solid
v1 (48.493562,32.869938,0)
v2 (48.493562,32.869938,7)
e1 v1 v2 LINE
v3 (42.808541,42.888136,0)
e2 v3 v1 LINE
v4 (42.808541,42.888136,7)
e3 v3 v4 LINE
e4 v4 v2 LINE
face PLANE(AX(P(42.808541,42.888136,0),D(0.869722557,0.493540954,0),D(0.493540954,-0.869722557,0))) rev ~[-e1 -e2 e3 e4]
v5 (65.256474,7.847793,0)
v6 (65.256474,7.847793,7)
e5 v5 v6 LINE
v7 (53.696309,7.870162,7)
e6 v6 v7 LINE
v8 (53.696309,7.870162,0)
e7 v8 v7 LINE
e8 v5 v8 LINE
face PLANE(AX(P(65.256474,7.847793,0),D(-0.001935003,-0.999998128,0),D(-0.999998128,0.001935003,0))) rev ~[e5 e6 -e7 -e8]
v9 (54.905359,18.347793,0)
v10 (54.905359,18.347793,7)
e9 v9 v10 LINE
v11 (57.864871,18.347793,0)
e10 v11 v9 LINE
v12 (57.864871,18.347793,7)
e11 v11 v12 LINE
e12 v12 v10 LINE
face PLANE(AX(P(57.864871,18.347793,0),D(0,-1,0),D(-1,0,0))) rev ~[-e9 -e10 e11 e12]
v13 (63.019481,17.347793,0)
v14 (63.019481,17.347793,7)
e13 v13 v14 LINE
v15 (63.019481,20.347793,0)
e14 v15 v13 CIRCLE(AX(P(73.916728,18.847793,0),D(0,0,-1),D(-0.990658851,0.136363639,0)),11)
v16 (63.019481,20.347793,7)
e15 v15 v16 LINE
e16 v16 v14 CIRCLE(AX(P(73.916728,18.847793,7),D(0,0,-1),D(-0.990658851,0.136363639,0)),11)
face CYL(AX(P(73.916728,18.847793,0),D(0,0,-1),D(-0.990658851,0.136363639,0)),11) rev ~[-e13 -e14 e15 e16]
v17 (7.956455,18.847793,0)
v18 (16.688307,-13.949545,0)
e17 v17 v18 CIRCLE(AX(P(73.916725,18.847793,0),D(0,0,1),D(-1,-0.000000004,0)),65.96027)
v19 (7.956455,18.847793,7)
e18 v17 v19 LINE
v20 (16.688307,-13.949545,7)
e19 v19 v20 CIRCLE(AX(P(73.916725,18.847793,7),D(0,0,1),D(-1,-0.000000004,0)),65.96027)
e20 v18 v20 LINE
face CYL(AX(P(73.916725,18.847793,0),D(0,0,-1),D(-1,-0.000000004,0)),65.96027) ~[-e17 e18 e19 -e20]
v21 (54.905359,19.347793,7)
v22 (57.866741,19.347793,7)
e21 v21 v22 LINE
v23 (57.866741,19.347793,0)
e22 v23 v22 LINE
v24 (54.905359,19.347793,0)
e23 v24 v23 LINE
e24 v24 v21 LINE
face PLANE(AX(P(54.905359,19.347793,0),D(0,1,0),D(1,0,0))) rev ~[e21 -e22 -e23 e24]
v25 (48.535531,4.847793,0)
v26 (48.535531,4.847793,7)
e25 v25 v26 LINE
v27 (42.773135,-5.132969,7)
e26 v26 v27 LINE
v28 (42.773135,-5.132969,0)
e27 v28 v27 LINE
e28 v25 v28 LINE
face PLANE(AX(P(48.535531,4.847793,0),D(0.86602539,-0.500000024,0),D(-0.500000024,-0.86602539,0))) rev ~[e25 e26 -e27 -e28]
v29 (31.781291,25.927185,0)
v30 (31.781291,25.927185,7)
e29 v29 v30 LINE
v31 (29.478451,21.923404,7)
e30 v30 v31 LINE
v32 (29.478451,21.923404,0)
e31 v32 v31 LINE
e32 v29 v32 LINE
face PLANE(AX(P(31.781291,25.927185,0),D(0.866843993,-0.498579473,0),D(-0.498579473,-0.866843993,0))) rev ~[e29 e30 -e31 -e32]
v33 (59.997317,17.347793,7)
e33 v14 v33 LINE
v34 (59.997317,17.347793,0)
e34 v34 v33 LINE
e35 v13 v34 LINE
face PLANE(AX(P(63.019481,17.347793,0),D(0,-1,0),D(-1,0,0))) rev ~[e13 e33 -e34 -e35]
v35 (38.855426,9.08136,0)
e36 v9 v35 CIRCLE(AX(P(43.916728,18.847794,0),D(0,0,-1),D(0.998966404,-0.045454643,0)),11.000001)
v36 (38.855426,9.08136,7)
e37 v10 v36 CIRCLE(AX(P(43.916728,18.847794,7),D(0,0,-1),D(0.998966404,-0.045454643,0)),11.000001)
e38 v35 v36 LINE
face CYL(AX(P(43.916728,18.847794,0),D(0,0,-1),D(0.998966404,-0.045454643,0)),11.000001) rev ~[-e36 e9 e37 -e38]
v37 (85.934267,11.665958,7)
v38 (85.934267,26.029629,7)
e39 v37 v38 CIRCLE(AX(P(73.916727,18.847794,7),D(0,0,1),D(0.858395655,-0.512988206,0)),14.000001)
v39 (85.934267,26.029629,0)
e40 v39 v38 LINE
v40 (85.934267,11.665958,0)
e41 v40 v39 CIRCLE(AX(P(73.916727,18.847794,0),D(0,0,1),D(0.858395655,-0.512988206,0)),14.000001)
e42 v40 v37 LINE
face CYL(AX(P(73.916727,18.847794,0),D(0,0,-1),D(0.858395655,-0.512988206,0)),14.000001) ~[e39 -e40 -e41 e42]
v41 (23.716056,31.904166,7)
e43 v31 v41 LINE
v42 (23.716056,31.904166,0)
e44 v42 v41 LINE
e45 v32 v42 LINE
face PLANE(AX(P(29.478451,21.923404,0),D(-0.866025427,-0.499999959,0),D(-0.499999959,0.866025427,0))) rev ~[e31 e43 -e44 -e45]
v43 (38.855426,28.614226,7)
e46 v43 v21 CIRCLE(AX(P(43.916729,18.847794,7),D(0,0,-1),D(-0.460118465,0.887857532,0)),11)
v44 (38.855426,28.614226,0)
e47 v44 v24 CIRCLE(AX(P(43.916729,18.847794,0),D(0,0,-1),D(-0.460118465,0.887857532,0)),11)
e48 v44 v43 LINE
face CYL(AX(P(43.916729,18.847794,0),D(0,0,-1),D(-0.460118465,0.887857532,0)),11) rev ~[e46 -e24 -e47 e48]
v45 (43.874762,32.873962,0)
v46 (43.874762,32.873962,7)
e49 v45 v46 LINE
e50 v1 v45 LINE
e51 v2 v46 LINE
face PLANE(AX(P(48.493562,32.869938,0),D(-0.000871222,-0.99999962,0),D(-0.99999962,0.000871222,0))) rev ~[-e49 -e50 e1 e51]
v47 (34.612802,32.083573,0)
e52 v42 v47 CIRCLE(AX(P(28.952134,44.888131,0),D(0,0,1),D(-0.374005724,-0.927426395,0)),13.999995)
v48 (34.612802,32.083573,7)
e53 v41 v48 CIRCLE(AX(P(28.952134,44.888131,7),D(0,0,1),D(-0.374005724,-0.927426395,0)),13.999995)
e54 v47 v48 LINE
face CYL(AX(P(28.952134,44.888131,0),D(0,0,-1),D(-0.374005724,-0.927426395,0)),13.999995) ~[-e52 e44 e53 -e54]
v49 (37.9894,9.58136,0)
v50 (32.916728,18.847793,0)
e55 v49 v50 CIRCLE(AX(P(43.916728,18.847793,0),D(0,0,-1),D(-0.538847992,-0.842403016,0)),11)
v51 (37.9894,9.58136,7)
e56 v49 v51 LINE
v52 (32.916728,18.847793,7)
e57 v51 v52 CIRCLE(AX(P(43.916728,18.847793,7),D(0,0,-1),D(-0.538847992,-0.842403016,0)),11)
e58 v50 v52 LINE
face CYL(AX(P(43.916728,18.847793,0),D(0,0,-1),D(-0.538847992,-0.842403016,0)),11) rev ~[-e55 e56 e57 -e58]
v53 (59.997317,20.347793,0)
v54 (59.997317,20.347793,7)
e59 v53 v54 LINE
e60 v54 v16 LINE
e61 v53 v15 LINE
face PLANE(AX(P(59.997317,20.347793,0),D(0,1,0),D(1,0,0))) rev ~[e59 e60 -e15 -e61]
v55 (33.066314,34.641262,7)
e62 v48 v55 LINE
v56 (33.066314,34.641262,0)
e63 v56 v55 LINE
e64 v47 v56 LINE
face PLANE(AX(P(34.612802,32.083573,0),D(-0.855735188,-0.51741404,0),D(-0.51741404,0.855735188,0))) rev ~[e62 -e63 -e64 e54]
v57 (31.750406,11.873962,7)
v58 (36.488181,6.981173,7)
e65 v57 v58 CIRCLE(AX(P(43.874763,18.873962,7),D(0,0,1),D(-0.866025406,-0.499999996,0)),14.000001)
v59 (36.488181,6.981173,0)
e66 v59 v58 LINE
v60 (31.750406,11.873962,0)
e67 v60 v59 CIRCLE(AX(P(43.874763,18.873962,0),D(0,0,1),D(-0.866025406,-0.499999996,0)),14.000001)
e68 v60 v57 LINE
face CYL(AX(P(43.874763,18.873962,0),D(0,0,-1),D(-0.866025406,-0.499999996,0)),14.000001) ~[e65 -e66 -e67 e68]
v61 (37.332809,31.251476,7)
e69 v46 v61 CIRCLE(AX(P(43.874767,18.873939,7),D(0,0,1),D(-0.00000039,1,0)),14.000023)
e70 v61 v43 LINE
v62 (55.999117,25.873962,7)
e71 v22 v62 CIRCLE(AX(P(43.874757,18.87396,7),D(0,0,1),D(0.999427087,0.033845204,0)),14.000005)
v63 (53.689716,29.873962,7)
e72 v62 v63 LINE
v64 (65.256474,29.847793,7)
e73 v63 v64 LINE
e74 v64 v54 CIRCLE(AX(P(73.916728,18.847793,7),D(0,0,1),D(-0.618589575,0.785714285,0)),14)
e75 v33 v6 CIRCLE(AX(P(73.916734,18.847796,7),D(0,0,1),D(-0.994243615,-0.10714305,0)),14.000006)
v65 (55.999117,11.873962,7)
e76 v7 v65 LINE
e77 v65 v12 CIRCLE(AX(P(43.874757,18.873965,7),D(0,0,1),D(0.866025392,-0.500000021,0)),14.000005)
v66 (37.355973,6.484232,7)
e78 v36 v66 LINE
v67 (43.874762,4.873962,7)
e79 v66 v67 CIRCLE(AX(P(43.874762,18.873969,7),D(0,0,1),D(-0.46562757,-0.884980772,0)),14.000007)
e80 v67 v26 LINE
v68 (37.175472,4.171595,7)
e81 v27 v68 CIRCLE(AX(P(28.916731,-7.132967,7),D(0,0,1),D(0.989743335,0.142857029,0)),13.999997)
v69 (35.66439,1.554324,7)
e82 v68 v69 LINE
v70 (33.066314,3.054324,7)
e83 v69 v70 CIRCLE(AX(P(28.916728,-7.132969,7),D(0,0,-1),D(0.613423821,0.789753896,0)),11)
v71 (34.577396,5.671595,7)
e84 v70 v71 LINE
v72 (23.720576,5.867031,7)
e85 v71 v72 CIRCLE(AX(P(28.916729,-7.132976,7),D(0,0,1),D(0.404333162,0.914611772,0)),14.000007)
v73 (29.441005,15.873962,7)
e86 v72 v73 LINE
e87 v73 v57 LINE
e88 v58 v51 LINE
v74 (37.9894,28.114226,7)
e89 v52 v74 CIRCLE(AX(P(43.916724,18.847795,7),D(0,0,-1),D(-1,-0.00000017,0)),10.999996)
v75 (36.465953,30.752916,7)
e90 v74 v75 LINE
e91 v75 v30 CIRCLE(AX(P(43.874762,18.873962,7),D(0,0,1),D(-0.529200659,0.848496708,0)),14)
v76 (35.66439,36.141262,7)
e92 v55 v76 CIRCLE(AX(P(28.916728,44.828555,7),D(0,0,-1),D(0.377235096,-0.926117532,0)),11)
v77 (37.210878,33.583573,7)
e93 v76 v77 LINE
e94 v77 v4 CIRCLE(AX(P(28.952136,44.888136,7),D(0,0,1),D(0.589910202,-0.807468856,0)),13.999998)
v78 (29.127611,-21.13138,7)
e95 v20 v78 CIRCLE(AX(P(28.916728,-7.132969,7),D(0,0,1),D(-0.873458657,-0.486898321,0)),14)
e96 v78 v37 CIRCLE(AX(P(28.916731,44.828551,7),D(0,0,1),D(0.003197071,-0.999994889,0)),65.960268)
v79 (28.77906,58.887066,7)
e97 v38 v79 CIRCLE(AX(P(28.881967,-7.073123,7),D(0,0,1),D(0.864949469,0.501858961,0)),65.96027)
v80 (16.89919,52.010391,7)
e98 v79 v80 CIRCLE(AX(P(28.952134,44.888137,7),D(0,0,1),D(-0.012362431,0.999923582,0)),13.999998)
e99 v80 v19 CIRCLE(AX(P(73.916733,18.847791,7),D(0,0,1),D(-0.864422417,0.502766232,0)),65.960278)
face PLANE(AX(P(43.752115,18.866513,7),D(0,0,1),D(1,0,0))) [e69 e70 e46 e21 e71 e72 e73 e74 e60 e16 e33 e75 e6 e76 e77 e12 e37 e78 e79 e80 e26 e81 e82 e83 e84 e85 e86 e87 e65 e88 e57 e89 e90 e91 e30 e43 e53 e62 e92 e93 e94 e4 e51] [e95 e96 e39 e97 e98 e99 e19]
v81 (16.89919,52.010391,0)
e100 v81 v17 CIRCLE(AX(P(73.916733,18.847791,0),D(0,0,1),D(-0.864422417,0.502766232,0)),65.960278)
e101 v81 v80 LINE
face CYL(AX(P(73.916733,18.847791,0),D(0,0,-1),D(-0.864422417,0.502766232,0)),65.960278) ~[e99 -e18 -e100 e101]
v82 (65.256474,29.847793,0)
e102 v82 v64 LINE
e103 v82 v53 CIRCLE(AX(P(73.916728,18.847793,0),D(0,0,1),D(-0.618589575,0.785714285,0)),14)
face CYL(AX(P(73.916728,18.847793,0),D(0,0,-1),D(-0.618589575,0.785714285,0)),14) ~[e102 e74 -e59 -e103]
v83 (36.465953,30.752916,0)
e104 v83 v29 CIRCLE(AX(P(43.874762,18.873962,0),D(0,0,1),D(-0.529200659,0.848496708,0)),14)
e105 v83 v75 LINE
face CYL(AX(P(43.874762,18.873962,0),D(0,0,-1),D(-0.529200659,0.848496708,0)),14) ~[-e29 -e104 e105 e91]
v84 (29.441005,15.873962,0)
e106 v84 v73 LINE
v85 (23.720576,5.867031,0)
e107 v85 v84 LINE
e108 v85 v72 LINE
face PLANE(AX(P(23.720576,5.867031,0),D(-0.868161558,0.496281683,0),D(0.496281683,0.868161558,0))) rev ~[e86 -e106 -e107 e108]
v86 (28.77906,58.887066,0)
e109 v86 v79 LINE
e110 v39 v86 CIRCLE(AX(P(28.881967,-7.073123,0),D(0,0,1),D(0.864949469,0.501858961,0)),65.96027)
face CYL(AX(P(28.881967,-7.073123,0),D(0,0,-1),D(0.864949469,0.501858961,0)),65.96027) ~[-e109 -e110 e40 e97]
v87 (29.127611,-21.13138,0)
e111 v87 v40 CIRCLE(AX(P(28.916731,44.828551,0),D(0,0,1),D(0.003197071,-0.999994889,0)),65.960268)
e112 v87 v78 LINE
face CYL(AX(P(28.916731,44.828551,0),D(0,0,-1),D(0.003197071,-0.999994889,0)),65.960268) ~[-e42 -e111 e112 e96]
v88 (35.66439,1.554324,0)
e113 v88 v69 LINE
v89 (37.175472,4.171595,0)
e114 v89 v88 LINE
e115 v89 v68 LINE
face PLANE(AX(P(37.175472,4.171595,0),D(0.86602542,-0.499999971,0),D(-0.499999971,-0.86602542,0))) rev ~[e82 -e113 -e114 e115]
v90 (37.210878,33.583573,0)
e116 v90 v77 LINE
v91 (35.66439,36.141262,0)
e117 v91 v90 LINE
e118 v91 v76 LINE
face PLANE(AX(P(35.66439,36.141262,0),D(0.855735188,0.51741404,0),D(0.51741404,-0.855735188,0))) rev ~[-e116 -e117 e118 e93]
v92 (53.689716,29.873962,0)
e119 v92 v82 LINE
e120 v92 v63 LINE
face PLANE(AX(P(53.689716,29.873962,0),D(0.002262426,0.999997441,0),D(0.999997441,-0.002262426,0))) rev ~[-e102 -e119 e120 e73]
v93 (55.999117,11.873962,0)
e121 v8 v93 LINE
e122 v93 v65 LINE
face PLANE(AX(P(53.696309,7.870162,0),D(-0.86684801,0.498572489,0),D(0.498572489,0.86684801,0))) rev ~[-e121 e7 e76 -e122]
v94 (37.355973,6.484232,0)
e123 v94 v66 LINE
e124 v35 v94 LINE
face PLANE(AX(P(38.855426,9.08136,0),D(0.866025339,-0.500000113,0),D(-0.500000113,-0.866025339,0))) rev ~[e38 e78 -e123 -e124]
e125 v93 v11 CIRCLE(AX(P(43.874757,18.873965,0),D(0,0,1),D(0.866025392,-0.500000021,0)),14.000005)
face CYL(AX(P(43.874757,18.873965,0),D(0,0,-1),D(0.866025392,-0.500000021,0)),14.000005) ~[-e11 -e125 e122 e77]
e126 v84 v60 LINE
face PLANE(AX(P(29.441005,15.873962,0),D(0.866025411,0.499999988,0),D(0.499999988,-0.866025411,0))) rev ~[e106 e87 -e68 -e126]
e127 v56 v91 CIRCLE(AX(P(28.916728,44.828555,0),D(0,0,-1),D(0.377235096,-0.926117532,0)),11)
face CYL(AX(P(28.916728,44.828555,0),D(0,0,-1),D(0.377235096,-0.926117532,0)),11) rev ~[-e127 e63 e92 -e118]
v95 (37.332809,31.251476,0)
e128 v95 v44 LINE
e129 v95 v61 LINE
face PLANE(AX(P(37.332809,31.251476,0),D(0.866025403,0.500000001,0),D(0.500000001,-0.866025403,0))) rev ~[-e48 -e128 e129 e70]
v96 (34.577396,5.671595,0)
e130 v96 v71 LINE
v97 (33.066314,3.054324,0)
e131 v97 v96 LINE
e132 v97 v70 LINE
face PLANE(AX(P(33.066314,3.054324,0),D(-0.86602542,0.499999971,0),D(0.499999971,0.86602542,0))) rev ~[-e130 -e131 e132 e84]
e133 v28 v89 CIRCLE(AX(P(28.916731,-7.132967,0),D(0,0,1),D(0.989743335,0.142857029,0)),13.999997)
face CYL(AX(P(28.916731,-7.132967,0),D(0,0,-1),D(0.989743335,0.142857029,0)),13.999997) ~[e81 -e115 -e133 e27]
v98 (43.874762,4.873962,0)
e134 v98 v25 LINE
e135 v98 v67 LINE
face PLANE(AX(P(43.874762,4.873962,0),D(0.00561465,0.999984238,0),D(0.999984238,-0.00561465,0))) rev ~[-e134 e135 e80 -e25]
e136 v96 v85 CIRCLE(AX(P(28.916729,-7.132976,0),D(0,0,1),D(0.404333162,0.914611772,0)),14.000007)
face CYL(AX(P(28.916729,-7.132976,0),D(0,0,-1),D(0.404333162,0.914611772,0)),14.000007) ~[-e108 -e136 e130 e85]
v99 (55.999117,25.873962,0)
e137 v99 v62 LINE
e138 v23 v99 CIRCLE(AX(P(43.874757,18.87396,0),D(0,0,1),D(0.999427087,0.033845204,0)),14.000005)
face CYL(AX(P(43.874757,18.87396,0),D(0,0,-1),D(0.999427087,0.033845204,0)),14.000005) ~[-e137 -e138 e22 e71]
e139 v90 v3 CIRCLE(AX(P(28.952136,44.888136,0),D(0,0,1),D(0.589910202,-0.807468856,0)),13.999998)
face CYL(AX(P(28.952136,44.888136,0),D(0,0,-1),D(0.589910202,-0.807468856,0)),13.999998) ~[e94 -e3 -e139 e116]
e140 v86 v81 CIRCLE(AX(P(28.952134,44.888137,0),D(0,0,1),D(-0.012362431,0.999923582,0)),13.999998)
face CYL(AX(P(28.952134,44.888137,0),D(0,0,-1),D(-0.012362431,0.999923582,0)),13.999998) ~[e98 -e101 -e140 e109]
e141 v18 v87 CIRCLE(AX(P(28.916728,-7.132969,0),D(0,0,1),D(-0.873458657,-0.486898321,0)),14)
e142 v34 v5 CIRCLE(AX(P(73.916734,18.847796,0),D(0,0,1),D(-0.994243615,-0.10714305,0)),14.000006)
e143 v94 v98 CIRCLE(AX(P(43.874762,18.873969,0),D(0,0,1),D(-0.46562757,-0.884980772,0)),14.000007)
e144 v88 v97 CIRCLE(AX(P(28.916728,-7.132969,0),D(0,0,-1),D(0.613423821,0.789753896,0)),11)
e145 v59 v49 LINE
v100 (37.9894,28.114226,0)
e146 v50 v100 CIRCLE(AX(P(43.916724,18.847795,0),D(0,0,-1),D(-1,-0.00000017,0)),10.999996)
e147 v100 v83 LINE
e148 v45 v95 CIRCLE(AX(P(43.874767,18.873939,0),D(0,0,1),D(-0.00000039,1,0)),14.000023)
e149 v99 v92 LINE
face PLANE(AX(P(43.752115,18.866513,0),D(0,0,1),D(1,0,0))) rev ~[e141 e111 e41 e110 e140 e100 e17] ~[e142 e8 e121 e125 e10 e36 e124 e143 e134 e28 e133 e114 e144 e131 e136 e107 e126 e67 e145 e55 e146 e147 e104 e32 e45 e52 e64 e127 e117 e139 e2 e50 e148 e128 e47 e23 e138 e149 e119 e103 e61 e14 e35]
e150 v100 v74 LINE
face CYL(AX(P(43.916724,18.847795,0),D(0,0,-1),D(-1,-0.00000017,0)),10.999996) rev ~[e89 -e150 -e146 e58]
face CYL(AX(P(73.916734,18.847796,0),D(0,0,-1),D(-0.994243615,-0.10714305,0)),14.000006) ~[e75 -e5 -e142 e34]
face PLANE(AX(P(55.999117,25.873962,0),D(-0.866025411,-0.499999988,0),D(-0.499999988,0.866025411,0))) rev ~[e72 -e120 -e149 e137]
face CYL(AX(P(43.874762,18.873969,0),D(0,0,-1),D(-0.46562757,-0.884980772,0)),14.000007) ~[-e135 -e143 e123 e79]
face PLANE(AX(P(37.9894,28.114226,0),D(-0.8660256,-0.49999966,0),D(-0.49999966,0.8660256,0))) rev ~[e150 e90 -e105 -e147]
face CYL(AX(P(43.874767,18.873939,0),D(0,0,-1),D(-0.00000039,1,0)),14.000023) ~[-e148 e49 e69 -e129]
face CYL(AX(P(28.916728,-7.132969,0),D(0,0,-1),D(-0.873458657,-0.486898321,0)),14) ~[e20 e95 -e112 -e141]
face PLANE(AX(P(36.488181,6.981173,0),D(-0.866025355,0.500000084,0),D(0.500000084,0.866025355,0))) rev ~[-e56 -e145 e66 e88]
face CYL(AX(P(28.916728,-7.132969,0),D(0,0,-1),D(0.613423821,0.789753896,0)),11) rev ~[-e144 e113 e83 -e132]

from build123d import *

# Parameters (mm, degrees)
F1_DEPTH = 7


with BuildPart() as f1:
    # F0 (on Top) → F1 (new body)
    with BuildSketch(Plane.XY):
        with BuildLine():
            ThreePointArc((16.89919, 52.010391), (10.231369, 36.021395), (7.956455, 18.847793))
            ThreePointArc((7.956455, 18.847793), (10.176788, 1.877889), (16.688307, -13.949545))
            ThreePointArc((16.688307, -13.949545), (21.916728, -19.257324), (29.127611, -21.13138))
            ThreePointArc((29.127611, -21.13138), (61.896865, -12.294717), (85.934267, 11.665958))
            ThreePointArc((85.934267, 11.665958), (87.916728, 18.847793), (85.934267, 26.029629))
            ThreePointArc((85.934267, 26.029629), (61.756138, 50.111193), (28.77906, 58.887066))
            ThreePointArc((28.77906, 58.887066), (21.938501, 57.00461), (16.89919, 52.010391))
        make_face()
        with BuildLine():
            ThreePointArc((32.916728, 18.847793), (34.267878, 24.12981), (37.9894, 28.114226))
            Line((37.9894, 28.114226), (36.465953, 30.752916))
            ThreePointArc((36.465953, 30.752916), (33.829532, 28.625544), (31.781291, 25.927185))
            Line((31.781291, 25.927185), (29.478451, 21.923404))
            Line((29.478451, 21.923404), (23.716056, 31.904166))
            ThreePointArc((23.716056, 31.904166), (29.182603, 30.890033), (34.612802, 32.083573))
            Line((34.612802, 32.083573), (33.066314, 34.641262))
            ThreePointArc((33.066314, 34.641262), (23.416728, 54.354835), (35.66439, 36.141262))
            Line((35.66439, 36.141262), (37.210878, 33.583573))
            ThreePointArc((37.210878, 33.583573), (40.948538, 37.671052), (42.808541, 42.888136))
            Line((42.808541, 42.888136), (48.493562, 32.869938))
            Line((48.493562, 32.869938), (43.874762, 32.873962))
            ThreePointArc((43.874762, 32.873962), (40.504687, 32.462287), (37.332809, 31.251476))
            Line((37.332809, 31.251476), (38.855426, 28.614226))
            ThreePointArc((38.855426, 28.614226), (49.416728, 28.374073), (54.905359, 19.347793))
            Line((54.905359, 19.347793), (57.866741, 19.347793))
            ThreePointArc((57.866741, 19.347793), (57.334459, 22.725785), (55.999117, 25.873962))
            Line((55.999117, 25.873962), (53.689716, 29.873962))
            Line((53.689716, 29.873962), (65.256474, 29.847793))
            ThreePointArc((65.256474, 29.847793), (61.668348, 25.628441), (59.997317, 20.347793))
            Line((59.997317, 20.347793), (63.019481, 20.347793))
            ThreePointArc((63.019481, 20.347793), (84.916728, 18.847793), (63.019481, 17.347793))
            Line((63.019481, 17.347793), (59.997317, 17.347793))
            ThreePointArc((59.997317, 17.347793), (61.668348, 12.067146), (65.256474, 7.847793))
            Line((65.256474, 7.847793), (53.696309, 7.870162))
            Line((53.696309, 7.870162), (55.999117, 11.873962))
            ThreePointArc((55.999117, 11.873962), (57.327231, 14.99697), (57.864871, 18.347793))
            Line((57.864871, 18.347793), (54.905359, 18.347793))
            ThreePointArc((54.905359, 18.347793), (49.416728, 9.321514), (38.855426, 9.08136))
            Line((38.855426, 9.08136), (37.355973, 6.484232))
            ThreePointArc((37.355973, 6.484232), (40.517398, 5.28249), (43.874762, 4.873962))
            Line((43.874762, 4.873962), (48.535531, 4.847793))
            Line((48.535531, 4.847793), (42.773135, -5.132969))
            ThreePointArc((42.773135, -5.132969), (40.913132, 0.084116), (37.175472, 4.171595))
            Line((37.175472, 4.171595), (35.66439, 1.554324))
            ThreePointArc((35.66439, 1.554324), (23.416728, -16.659248), (33.066314, 3.054324))
            Line((33.066314, 3.054324), (34.577396, 5.671595))
            ThreePointArc((34.577396, 5.671595), (29.168705, 6.864763), (23.720576, 5.867031))
            Line((23.720576, 5.867031), (29.441005, 15.873962))
            Line((29.441005, 15.873962), (31.750406, 11.873962))
            ThreePointArc((31.750406, 11.873962), (33.817227, 9.135071), (36.488181, 6.981173))
            Line((36.488181, 6.981173), (37.9894, 9.58136))
            ThreePointArc((37.9894, 9.58136), (34.267878, 13.565777), (32.916728, 18.847793))
        make_face(mode=Mode.SUBTRACT)
    extrude(amount=F1_DEPTH)


solid = f1.part
